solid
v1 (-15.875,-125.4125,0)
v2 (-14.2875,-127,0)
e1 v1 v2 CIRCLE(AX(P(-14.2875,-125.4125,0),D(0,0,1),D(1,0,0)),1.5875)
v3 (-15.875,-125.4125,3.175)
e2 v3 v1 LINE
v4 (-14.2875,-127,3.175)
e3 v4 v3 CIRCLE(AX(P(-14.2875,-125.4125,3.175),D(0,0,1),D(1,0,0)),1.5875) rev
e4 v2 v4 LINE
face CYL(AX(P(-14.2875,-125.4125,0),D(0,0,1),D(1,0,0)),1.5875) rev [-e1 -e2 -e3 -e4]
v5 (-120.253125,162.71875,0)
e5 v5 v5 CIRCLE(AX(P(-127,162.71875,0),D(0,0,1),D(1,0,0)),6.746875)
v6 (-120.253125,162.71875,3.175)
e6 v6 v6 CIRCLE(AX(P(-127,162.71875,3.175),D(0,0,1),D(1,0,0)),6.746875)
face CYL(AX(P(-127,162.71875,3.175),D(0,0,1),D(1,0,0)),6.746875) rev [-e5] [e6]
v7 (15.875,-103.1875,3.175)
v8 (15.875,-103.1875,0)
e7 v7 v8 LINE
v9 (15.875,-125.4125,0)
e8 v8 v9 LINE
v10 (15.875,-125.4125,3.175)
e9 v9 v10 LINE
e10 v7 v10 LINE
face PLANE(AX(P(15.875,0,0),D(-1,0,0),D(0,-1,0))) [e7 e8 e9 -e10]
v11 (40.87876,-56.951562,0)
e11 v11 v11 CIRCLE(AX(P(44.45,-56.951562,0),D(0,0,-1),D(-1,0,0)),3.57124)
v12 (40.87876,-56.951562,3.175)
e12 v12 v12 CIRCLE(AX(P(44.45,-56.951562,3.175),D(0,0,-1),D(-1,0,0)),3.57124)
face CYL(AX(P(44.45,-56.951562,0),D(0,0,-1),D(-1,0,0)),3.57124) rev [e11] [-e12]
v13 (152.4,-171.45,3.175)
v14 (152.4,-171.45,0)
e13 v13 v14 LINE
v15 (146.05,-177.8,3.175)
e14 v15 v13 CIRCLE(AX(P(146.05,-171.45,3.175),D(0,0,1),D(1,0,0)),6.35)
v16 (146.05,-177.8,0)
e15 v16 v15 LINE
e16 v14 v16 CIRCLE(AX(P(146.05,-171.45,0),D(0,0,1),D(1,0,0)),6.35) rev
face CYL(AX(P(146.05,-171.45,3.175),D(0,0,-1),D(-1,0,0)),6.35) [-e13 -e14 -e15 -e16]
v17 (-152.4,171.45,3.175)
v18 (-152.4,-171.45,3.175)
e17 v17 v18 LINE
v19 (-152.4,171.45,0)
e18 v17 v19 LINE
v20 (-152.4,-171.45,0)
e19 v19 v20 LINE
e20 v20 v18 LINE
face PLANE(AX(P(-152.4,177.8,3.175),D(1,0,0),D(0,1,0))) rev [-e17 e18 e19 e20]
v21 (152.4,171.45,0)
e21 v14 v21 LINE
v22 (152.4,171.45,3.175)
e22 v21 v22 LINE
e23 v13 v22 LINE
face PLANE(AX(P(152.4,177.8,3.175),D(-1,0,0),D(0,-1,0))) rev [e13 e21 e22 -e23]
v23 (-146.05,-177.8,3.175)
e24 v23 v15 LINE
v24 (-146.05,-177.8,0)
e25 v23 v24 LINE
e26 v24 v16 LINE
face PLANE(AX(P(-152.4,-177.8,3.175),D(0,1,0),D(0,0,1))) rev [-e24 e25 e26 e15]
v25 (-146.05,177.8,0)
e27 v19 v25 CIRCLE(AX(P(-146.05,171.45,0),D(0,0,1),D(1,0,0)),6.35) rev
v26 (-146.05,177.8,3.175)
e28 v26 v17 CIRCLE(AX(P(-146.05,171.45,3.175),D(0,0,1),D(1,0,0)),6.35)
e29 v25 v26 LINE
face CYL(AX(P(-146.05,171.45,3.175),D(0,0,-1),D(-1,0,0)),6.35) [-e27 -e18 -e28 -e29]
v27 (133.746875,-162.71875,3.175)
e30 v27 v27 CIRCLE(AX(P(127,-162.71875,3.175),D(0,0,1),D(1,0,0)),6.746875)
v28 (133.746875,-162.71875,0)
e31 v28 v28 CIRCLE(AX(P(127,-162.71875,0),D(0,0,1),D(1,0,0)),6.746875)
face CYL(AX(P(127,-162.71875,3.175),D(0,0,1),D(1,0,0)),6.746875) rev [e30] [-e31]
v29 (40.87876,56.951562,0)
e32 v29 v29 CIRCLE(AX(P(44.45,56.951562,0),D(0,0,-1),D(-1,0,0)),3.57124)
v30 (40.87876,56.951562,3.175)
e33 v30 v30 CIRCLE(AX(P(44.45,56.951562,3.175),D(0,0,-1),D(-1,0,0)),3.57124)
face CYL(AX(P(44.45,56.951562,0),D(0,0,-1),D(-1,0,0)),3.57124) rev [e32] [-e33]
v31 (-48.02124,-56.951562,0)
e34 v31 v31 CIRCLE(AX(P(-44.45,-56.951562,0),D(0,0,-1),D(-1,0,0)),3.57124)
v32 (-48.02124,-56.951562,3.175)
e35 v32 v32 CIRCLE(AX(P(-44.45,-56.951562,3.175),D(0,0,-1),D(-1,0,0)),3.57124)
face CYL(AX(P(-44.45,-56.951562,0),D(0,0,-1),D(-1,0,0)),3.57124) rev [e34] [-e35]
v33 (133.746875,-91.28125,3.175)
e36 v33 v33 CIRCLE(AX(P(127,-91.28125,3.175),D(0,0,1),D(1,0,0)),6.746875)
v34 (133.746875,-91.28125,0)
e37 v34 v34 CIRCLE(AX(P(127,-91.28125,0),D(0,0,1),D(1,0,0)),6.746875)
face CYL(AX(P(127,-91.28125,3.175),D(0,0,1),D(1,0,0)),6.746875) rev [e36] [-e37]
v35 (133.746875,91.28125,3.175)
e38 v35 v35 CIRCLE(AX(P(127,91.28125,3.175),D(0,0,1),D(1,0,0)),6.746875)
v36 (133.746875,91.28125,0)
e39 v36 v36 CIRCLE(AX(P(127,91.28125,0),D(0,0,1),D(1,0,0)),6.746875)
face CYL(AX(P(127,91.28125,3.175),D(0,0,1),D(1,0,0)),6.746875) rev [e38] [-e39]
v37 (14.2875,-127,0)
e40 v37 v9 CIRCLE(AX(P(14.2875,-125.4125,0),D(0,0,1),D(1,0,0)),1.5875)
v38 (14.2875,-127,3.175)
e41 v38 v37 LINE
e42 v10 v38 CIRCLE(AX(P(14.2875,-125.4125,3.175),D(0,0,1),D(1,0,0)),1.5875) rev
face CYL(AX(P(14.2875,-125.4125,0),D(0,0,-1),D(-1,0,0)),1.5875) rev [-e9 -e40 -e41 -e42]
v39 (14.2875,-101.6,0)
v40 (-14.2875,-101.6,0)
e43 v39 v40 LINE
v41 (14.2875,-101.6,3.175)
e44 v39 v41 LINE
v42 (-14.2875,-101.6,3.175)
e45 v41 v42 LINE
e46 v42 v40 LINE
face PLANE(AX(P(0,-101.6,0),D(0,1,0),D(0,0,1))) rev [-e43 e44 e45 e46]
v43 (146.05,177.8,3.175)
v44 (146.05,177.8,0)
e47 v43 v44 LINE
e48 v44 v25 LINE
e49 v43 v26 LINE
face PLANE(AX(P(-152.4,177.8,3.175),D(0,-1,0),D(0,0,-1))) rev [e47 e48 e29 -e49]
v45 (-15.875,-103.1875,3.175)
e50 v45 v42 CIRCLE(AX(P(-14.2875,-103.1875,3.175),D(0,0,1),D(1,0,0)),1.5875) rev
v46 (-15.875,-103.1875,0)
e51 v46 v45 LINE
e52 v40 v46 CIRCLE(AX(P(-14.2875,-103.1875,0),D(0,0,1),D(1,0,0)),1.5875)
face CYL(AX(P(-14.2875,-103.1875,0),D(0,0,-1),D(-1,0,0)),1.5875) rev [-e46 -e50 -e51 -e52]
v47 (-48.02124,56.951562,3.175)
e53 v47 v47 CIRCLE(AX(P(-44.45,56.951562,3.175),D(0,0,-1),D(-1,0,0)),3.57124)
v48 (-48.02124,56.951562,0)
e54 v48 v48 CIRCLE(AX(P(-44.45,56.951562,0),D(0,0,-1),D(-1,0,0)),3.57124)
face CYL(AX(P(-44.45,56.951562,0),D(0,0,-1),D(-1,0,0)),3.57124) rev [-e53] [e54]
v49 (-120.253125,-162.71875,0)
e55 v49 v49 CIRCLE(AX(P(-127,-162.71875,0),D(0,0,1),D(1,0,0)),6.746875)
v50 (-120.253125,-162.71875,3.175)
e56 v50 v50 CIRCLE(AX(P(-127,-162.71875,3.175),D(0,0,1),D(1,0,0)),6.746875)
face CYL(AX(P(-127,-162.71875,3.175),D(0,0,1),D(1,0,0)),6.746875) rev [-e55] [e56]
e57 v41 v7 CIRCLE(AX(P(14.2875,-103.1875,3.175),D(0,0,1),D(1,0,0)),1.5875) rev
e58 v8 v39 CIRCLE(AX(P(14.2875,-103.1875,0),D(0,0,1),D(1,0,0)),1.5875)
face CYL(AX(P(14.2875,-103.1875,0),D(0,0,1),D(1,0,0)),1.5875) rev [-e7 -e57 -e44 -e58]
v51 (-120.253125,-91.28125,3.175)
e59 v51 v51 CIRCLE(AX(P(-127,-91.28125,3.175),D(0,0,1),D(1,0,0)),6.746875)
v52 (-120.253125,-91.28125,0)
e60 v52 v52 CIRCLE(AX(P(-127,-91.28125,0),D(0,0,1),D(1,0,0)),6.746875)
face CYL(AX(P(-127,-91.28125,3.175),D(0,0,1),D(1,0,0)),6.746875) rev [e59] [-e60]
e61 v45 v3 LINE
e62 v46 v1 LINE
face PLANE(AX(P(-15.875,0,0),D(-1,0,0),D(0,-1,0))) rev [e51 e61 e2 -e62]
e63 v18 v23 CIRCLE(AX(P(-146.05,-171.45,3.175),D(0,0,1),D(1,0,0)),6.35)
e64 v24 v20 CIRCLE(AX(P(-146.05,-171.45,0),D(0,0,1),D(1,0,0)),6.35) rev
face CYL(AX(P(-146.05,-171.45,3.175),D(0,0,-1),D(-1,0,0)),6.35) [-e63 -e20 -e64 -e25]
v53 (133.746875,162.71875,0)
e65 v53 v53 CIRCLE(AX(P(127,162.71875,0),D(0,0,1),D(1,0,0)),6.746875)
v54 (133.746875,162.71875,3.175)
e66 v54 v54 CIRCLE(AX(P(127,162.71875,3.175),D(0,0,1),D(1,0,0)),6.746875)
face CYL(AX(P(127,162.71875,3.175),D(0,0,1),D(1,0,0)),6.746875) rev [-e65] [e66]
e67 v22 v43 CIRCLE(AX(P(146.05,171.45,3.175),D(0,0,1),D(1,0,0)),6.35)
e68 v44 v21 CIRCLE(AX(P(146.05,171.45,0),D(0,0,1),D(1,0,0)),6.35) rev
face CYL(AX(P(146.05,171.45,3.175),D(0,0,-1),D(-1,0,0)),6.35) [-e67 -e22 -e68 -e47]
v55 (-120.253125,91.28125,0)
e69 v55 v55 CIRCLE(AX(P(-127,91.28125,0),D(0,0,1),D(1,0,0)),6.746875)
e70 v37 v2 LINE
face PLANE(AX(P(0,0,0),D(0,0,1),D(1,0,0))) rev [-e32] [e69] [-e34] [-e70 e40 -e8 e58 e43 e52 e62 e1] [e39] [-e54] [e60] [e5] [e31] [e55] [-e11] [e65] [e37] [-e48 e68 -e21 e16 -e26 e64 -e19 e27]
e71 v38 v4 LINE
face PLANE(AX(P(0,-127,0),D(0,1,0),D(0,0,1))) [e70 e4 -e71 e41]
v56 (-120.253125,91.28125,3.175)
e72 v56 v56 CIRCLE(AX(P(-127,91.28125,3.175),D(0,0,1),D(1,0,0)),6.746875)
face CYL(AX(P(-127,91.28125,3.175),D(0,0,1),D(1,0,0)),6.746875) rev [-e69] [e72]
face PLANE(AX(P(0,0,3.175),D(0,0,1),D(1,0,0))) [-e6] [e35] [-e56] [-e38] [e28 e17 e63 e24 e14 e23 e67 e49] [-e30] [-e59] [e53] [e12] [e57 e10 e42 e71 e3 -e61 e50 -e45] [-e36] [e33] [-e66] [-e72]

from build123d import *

# Parameters (mm, degrees)
SKETCH1_W                        = 304.8
SKETCH1_H                        = 355.6
BOSS_EXTRUDE1_DEPTH              = 3.175
F_17_32_0_53125_DIAMETER_HOLE1_D = 13.49375
FILLET1_R                        = 6.35
F_1_4_CLEARANCE_HOLE1_D          = 7.14248
SKETCH2_W                        = 31.75
SKETCH2_H                        = 25.4
CUT_EXTRUDE1_DEPTH               = 4.175
FILLET2_R                        = 1.5875


with BuildPart() as part:
    # Sketch1 → Boss-Extrude1 (new body)
    with BuildSketch(Plane.XY):
        Rectangle(SKETCH1_W, SKETCH1_H)
    extrude(amount=BOSS_EXTRUDE1_DEPTH)

    # 17/32 (0.53125) Diameter Hole1 (through all)
    with Locations(Plane.XY.offset(3.175)):
        with Locations((-127, 162.71875), (-127, 91.28125), (-127, -91.28125), (-127, -162.71875), (127, -162.71875), (127, -91.28125), (127, 91.28125), (127, 162.71875)):
            Hole(F_17_32_0_53125_DIAMETER_HOLE1_D / 2)

    # Fillet1
    fillet1_edges = [part.edges().sort_by_distance(p)[0] for p in [
        (152.4, -177.8, 1.5875),
        (-152.4, -177.8, 1.5875),
        (-152.4, 177.8, 1.5875),
        (152.4, 177.8, 1.5875),
    ]]
    fillet(fillet1_edges, radius=FILLET1_R)

    # 1/4 Clearance Hole1 (through all)
    with Locations(Plane(origin=(0, 0, 0), x_dir=(-1, 0, 0), z_dir=(0, 0, -1))):
        with Locations((-44.45, 56.9515625), (-44.45, -56.9515625), (44.45, 56.9515625), (44.45, -56.9515625)):
            Hole(F_1_4_CLEARANCE_HOLE1_D / 2)

    # Sketch2 → Cut-Extrude1 (cut, through all)
    with BuildSketch(Plane.XY.offset(3.175)):
        with Locations((0, -114.3)):
            Rectangle(SKETCH2_W, SKETCH2_H)
    extrude(amount=-CUT_EXTRUDE1_DEPTH, mode=Mode.SUBTRACT)

    # Fillet2
    fillet2_edges = [part.edges().sort_by_distance(p)[0] for p in [
        (-15.875, -101.6, 1.5875),
        (15.875, -101.6, 1.5875),
        (15.875, -127, 1.5875),
        (-15.875, -127, 1.5875),
    ]]
    fillet(fillet2_edges, radius=FILLET2_R)


solid = part.part
